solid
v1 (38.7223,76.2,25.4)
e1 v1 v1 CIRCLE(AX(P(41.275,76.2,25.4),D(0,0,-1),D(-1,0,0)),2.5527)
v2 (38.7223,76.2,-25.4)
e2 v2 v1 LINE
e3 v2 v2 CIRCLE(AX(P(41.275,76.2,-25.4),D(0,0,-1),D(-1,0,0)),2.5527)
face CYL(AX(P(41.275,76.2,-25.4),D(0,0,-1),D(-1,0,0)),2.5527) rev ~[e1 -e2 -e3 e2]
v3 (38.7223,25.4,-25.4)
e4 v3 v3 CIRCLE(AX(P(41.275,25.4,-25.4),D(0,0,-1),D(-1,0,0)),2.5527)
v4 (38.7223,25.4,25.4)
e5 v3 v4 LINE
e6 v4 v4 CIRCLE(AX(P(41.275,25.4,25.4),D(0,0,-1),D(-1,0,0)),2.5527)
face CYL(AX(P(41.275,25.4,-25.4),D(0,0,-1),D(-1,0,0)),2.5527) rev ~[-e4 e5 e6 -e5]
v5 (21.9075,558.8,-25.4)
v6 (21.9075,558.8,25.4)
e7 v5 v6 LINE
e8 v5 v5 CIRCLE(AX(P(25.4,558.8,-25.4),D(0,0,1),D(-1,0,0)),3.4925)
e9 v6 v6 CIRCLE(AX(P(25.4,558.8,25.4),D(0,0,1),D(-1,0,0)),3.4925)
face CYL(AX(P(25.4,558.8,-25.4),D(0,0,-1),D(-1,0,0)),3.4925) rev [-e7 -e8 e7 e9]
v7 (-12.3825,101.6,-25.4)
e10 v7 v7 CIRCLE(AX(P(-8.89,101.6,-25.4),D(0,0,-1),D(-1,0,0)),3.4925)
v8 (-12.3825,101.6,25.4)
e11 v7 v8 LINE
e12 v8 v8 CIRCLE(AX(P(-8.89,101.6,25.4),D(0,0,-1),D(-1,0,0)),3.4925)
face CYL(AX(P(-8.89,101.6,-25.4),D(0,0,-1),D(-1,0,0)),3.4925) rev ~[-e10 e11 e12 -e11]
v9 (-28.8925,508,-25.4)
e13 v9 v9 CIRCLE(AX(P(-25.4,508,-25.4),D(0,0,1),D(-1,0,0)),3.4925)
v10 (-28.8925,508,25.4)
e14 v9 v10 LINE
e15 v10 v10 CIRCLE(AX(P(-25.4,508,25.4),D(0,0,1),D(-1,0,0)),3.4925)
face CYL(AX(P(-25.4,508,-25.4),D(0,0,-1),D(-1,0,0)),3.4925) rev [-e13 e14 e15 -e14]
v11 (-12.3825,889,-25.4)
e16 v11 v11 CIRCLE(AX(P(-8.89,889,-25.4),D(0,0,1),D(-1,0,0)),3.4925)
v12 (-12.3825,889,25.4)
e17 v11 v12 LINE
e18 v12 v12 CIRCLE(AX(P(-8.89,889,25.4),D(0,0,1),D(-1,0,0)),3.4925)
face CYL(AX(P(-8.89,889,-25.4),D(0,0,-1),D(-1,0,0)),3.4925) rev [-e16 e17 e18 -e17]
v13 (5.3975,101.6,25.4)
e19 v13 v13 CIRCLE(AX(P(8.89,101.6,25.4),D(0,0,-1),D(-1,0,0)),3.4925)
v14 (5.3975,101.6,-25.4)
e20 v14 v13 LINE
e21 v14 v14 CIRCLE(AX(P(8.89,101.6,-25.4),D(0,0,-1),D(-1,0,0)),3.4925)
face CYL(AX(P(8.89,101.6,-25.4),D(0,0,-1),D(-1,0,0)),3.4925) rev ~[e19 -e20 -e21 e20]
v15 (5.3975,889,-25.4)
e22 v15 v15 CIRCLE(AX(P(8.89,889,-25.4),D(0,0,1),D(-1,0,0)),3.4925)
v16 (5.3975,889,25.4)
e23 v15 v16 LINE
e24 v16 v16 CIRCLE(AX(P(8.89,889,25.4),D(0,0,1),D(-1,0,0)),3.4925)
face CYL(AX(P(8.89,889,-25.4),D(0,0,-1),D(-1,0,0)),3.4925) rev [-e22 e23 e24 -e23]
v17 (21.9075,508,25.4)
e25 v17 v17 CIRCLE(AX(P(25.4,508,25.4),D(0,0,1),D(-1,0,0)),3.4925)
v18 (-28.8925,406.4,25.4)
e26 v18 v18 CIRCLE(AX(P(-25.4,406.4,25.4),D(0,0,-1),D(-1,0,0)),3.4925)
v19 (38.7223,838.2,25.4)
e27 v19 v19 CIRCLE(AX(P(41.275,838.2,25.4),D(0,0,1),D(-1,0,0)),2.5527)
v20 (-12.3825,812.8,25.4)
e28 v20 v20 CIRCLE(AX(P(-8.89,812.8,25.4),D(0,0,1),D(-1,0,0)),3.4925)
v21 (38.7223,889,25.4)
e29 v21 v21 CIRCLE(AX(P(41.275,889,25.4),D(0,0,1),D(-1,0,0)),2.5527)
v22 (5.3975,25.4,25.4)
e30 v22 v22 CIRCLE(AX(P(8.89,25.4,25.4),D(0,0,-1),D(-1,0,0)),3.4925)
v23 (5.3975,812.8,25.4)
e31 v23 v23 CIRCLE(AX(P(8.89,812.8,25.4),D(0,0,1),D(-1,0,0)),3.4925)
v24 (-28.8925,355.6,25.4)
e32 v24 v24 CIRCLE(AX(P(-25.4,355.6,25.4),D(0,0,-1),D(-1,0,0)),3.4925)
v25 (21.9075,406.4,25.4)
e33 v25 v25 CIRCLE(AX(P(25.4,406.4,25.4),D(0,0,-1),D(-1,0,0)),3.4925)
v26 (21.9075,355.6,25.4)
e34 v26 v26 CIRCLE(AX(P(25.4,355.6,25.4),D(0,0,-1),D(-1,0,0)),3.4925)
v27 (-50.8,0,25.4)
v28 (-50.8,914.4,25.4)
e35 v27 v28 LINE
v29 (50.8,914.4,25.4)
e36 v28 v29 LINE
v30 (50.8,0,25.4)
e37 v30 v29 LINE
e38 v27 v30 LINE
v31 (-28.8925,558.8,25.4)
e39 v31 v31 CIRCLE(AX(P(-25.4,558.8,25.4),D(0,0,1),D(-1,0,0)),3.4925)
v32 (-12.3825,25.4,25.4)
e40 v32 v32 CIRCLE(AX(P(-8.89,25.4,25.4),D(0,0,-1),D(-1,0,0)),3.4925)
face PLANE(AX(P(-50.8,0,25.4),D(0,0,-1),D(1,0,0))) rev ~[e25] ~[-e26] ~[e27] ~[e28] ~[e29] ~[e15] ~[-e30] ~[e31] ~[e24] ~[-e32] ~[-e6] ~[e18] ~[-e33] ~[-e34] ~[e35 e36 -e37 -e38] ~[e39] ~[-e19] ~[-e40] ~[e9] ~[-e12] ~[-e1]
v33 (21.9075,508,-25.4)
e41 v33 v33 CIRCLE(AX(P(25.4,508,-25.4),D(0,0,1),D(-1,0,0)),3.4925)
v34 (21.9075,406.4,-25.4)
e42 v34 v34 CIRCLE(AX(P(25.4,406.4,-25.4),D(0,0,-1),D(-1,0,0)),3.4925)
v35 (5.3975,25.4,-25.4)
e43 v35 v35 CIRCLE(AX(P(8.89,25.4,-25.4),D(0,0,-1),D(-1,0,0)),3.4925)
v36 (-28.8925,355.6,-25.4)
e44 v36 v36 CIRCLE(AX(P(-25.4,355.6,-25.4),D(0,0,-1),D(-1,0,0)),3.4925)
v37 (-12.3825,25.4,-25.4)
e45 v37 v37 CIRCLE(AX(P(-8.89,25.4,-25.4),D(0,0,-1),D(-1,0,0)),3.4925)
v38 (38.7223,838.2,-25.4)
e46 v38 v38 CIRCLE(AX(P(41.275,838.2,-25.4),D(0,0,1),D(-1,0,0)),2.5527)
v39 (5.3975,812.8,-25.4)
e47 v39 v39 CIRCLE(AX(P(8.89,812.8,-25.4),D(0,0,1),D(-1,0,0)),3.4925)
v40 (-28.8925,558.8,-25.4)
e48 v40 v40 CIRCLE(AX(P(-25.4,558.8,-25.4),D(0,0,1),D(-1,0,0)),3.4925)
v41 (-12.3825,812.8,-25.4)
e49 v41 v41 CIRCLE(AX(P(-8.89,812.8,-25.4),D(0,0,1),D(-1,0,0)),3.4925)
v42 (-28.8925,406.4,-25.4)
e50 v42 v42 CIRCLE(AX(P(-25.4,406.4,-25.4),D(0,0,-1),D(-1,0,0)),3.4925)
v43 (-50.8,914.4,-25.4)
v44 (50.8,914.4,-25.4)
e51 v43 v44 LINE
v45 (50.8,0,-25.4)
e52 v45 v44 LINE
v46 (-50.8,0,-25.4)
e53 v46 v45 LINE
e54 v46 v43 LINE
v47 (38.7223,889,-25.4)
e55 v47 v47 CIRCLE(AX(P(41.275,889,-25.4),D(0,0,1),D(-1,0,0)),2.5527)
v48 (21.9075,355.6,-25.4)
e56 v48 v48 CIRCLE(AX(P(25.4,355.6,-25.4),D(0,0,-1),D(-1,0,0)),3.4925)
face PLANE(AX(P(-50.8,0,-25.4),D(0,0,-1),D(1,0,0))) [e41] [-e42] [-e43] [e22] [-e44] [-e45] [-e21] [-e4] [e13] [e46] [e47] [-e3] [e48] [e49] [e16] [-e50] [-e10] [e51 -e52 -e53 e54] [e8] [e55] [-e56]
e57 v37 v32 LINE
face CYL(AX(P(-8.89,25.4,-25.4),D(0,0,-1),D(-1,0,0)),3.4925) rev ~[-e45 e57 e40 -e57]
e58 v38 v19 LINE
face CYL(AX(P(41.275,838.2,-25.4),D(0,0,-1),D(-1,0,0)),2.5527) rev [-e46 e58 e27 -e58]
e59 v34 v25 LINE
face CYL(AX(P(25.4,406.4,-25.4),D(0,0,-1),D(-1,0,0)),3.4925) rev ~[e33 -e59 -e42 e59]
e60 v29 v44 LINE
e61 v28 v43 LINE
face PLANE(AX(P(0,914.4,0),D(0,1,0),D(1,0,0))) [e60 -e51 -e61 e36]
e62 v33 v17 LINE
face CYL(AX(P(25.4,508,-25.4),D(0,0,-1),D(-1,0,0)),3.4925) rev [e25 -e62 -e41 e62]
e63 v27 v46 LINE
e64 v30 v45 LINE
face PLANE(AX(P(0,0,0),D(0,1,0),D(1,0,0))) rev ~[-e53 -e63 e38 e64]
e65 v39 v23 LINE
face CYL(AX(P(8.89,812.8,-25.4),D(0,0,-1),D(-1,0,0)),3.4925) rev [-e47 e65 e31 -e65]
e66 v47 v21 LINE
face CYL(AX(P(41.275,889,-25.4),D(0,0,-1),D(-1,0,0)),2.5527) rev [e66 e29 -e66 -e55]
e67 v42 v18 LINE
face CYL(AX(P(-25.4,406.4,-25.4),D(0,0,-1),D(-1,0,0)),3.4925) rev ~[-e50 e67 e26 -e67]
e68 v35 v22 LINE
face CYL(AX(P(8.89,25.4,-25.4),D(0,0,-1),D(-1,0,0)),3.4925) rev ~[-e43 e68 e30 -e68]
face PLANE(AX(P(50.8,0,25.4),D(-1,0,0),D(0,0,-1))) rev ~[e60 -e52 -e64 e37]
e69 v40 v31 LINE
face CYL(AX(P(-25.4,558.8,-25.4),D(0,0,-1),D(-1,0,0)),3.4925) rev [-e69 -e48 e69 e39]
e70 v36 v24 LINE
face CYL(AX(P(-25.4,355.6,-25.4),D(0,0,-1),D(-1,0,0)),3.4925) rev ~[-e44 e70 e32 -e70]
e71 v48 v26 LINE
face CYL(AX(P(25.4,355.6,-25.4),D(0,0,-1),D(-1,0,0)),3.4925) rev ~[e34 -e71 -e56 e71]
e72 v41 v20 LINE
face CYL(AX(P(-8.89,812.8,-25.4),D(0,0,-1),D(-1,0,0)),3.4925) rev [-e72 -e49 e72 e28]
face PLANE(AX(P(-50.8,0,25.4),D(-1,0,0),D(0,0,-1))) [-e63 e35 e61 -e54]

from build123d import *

# Parameters (mm, degrees)
SKETCH1_W           = 101.6
SKETCH1_H           = 50.8
BOSS_EXTRUDE1_DEPTH = 914.4
SKETCH3_R           = 3.4925
CUT_EXTRUDE1_DEPTH  = 50.8
SKETCH4_R           = 2.5527
CUT_EXTRUDE2_DEPTH  = 50.8
SKETCH5_R           = 3.4925
CUT_EXTRUDE3_DEPTH  = 50.8


with BuildPart() as part:
    # Sketch1 → Boss-Extrude1 (new body)
    with BuildSketch(Plane(origin=(0, 0, 0), x_dir=(1, 0, 0), z_dir=(0, 1, 0))):
        Rectangle(SKETCH1_W, SKETCH1_H)
    extrude(amount=BOSS_EXTRUDE1_DEPTH)

    # Sketch3 → Cut-Extrude1 (cut)
    with BuildSketch(Plane(origin=(0, 0, -25.4), x_dir=(-1, 0, 0), z_dir=(0, 0, -1))):
        with Locations((-8.89, 25.4)):
            Circle(SKETCH3_R)
        with Locations((8.89, 25.4)):
            Circle(SKETCH3_R)
        with Locations((8.89, 101.6)):
            Circle(SKETCH3_R)
        with Locations((-8.89, 101.6)):
            Circle(SKETCH3_R)
    cut_extrude1 = extrude(amount=-CUT_EXTRUDE1_DEPTH, mode=Mode.SUBTRACT)

    # Sketch4 → Cut-Extrude2 (cut)
    with BuildSketch(Plane(origin=(0, 0, -25.4), x_dir=(-1, 0, 0), z_dir=(0, 0, -1))):
        with Locations((-41.275, 76.2)):
            Circle(SKETCH4_R)
        with Locations((-41.275, 25.4)):
            Circle(SKETCH4_R)
    cut_extrude2 = extrude(amount=-CUT_EXTRUDE2_DEPTH, mode=Mode.SUBTRACT)

    # Mirror1: Cut-Extrude1, Cut-Extrude2 across plane
    add(cut_extrude1.mirror(Plane.ZX.offset(457.2)), mode=Mode.SUBTRACT)
    add(cut_extrude2.mirror(Plane.ZX.offset(457.2)), mode=Mode.SUBTRACT)

    # Sketch5 → Cut-Extrude3 (cut)
    with BuildSketch(Plane(origin=(0, 0, -25.4), x_dir=(-1, 0, 0), z_dir=(0, 0, -1))):
        with Locations((-25.4, 406.4)):
            Circle(SKETCH5_R)
        with Locations((25.4, 406.4)):
            Circle(SKETCH5_R)
        with Locations((25.4, 355.6)):
            Circle(SKETCH5_R)
        with Locations((-25.4, 355.6)):
            Circle(SKETCH5_R)
    cut_extrude3 = extrude(amount=-CUT_EXTRUDE3_DEPTH, mode=Mode.SUBTRACT)

    # Mirror2: Cut-Extrude3 across plane
    add(cut_extrude3.mirror(Plane.ZX.offset(457.2)), mode=Mode.SUBTRACT)


solid = part.part
